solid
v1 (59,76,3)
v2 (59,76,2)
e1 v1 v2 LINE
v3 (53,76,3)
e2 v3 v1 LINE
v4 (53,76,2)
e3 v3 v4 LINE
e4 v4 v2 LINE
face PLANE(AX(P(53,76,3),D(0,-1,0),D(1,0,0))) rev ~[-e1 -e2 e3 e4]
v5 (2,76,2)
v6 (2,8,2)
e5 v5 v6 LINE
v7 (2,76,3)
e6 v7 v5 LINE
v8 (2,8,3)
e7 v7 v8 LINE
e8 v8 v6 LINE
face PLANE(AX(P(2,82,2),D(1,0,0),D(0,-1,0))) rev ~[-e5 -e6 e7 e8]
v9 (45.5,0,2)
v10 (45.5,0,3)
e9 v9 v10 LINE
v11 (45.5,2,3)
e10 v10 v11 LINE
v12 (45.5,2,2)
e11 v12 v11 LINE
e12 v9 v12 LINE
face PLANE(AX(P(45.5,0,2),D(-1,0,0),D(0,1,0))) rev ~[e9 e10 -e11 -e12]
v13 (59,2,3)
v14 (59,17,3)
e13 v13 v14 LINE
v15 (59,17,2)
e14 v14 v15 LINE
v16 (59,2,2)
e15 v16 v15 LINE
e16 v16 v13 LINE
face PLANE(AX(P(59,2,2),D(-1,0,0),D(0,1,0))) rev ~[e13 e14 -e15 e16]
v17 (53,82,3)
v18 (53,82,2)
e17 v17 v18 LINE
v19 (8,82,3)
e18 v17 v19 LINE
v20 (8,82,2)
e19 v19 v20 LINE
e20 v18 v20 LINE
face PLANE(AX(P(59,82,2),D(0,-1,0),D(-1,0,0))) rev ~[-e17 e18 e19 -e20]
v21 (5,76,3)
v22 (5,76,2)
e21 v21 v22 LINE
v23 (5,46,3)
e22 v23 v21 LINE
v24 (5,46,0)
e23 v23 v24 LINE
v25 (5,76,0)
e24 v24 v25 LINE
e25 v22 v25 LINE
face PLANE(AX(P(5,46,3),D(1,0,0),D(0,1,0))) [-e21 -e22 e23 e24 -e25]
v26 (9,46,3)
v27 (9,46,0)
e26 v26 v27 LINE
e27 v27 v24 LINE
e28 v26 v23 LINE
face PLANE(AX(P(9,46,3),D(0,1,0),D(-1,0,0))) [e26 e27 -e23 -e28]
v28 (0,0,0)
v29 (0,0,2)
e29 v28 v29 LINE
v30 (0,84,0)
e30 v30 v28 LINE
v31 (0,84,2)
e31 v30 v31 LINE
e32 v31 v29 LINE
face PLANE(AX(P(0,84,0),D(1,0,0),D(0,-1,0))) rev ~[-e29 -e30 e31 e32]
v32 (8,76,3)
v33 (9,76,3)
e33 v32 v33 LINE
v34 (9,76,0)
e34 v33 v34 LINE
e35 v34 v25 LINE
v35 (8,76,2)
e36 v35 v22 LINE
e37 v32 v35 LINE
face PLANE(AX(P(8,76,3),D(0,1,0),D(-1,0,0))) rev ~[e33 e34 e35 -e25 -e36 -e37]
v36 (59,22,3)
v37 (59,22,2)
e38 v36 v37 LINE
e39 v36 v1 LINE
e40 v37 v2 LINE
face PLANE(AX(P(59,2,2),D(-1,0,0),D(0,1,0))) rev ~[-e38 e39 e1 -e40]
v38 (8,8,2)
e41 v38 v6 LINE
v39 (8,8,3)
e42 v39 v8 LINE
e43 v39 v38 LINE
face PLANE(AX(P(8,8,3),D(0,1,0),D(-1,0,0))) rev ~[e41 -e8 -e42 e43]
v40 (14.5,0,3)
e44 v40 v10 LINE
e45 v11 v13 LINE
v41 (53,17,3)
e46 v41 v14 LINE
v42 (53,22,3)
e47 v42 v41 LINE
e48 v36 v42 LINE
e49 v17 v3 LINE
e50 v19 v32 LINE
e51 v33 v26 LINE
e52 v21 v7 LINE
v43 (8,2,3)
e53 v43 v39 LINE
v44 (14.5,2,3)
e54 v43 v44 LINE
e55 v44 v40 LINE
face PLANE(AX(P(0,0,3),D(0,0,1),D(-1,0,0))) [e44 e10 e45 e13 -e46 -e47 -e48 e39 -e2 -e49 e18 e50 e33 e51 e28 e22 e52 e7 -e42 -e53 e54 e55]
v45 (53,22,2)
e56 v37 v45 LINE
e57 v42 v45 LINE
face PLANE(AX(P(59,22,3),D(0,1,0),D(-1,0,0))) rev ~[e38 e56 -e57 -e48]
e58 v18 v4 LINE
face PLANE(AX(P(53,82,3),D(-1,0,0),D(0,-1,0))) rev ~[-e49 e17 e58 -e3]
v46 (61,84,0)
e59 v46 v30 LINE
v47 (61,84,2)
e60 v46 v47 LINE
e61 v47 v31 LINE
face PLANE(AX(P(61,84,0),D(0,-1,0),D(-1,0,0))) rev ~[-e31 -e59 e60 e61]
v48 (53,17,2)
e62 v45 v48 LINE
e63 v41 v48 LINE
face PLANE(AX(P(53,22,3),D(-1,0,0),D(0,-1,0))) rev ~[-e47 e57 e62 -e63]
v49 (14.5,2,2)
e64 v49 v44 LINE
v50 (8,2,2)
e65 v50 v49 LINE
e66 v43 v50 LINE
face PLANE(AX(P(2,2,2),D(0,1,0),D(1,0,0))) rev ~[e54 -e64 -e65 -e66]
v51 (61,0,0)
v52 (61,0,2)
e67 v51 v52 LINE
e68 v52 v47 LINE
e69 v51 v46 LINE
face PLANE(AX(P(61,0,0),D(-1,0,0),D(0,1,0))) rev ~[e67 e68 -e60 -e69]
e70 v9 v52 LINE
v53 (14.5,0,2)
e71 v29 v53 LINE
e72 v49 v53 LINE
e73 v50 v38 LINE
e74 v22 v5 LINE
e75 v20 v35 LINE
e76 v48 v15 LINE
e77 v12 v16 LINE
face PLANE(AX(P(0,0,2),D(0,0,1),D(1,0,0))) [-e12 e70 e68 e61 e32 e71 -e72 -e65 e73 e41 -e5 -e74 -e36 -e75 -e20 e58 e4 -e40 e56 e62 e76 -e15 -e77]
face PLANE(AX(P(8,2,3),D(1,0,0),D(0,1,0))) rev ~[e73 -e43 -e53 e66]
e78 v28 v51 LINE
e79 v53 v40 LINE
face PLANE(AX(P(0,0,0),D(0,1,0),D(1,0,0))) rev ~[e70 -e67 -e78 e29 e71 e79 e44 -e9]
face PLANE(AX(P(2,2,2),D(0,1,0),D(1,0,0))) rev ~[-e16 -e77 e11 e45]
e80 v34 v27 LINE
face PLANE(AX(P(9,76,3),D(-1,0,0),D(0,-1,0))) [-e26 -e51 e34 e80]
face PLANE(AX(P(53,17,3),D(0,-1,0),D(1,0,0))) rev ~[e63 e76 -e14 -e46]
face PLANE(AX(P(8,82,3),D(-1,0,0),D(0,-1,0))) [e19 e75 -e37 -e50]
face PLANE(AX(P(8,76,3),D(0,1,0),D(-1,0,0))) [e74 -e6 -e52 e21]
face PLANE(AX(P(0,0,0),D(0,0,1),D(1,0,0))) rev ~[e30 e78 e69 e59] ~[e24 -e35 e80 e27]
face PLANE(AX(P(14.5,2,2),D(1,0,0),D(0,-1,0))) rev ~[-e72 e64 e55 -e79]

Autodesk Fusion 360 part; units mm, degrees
sketch "Sketch1" plane through (0, 0, 0) normal (0, 0, 1) x (1, 0, 0)
  line L0 (0, 0) -> (61, 0)
  line L1 (61, 0) -> (61, 84)
  line L2 (61, 84) -> (0, 84)
  line L3 (0, 84) -> (0, 0)
  dimension "d1" = 61
  dimension "d2" = 84
extrude "Extrude1" add sketch "Sketch1" along normal blind 2
sketch "Sketch2" plane through (0, 0, 2) normal (0, 0, 1) x (-1, 0, 0)
  line L0 (0, -84) -> (0, 0)
  line L1 (0, 0) -> (-61, 0)
  line L2 (-61, 0) -> (-61, -84)
  line L3 (-61, -84) -> (0, -84)
  line L4 (-2, -2) -> (-59, -2)
  line L5 (-59, -2) -> (-59, -82)
  line L6 (-59, -82) -> (-2, -82)
  line L7 (-2, -82) -> (-2, -2)
  dimension "d5" = 57
  dimension "d6" = 80
extrude "Extrude2" add sketch "Sketch2" along normal blind 1 contours L4 L5 L6 L7
sketch "Sketch3" plane through (0, 0, 3) normal (0, 0, 1) x (-1, 0, 0)
  line L0 (-2, -82) -> (-2, -2)
  line L1 (-2, -2) -> (-59, -2)
  line L2 (-59, -2) -> (-59, -82)
  line L3 (-59, -82) -> (-2, -82)
  line L4 (-59, -82) -> (-53, -82)
  line L5 (-53, -82) -> (-53, -76)
  line L6 (-53, -76) -> (-59, -76)
  line L7 (-59, -76) -> (-59, -82)
extrude "Extrude3" cut sketch "Sketch3" against normal blind 1 contours L2 L3 L4 L5 L6 L7
sketch "Sketch4" plane through (0, 0, 3) normal (0, 0, 1) x (-1, 0, 0)
  line L0 (-53, -76) -> (-53, -82)
  line L1 (-53, -82) -> (-2, -82)
  line L2 (-2, -82) -> (-2, -2)
  line L3 (-2, -2) -> (-59, -2)
  line L4 (-59, -2) -> (-59, -76)
  line L5 (-59, -76) -> (-53, -76)
  line L6 (-2, -82) -> (-8, -82)
  line L7 (-8, -82) -> (-8, -76)
  line L8 (-8, -76) -> (-2, -76)
  line L9 (-2, -76) -> (-2, -82)
extrude "Extrude4" cut sketch "Sketch4" against normal blind 1 contours L1 L2 L6 L7 L8 L9
sketch "Sketch5" plane through (0, 0, 3) normal (0, 0, 1) x (-1, 0, 0)
  line L0 (-8, -76) -> (-2, -76)
  line L1 (-2, -76) -> (-2, -2)
  line L2 (-2, -2) -> (-59, -2)
  line L3 (-59, -2) -> (-59, -76)
  line L4 (-59, -76) -> (-53, -76)
  line L5 (-53, -76) -> (-53, -82)
  line L6 (-53, -82) -> (-8, -82)
  line L7 (-8, -82) -> (-8, -76)
  line L8 (-2, -2) -> (-8, -2)
  line L9 (-8, -2) -> (-8, -8)
  line L10 (-8, -8) -> (-2, -8)
  line L11 (-2, -8) -> (-2, -2)
extrude "Extrude5" cut sketch "Sketch5" against normal blind 1 contours L1 L2 L8 L9 L10 L11
sketch "Sketch6" plane through (0, 0, 2) normal (0, 0, 1) x (-1, 0, 0)
  line L0 (-8, -82) -> (-53, -82)
  line L1 (-53, -82) -> (-53, -76)
  line L2 (-53, -76) -> (-59, -76)
  line L3 (-59, -76) -> (-59, -2)
  line L4 (-59, -2) -> (-8, -2)
  line L5 (-8, -2) -> (-8, -8)
  line L6 (-8, -8) -> (-2, -8)
  line L7 (-2, -8) -> (-2, -76)
  line L8 (-2, -76) -> (-8, -76)
  line L9 (-8, -76) -> (-8, -82)
  line L10 (0, -84) -> (0, 0)
  line L11 (0, 0) -> (-61, 0)
  line L12 (-61, 0) -> (-61, -84)
  line L13 (-61, -84) -> (0, -84)
  line L14 (-14.5, 0) -> (-45.5, 0)
  line L15 (-45.5, 0) -> (-45.5, -2)
  line L16 (-45.5, -2) -> (-14.5, -2)
  line L17 (-14.5, -2) -> (-14.5, 0)
  dimension "d15" = 31
  dimension "d16" = 2
extrude "Extrude6" add sketch "Sketch6" along normal blind 1 contours L4 L11 L14 L15 L16 L17
sketch "Sketch7" plane through (0, 0, 3) normal (0, 0, 1) x (-1, 0, 0)
  line L0 (-8, -8) -> (-8, -2)
  line L1 (-8, -2) -> (-14.5, -2)
  line L2 (-14.5, -2) -> (-14.5, 0)
  line L3 (-14.5, 0) -> (-45.5, 0)
  line L4 (-45.5, 0) -> (-45.5, -2)
  line L5 (-45.5, -2) -> (-59, -2)
  line L6 (-59, -2) -> (-59, -76)
  line L7 (-59, -76) -> (-53, -76)
  line L8 (-53, -76) -> (-53, -82)
  line L9 (-53, -82) -> (-8, -82)
  line L10 (-8, -82) -> (-8, -76)
  line L11 (-8, -76) -> (-2, -76)
  line L12 (-2, -76) -> (-2, -8)
  line L13 (-2, -8) -> (-8, -8)
  line L14 (-53, -17) -> (-59, -17)
  line L15 (-59, -17) -> (-59, -22)
  line L16 (-59, -22) -> (-53, -22)
  line L17 (-53, -22) -> (-53, -17)
  dimension "d19" = 5
extrude "Extrude7" cut sketch "Sketch7" against normal blind 1 contours L6 L14 L15 L16 L17
sketch "Sketch8" plane through (0, 0, 3) normal (0, 0, 1) x (-1, 0, 0)
  line L0 (-53, -22) -> (-59, -22)
  line L1 (-59, -22) -> (-59, -76)
  line L2 (-59, -76) -> (-53, -76)
  line L3 (-53, -76) -> (-53, -82)
  line L4 (-53, -82) -> (-8, -82)
  line L5 (-8, -82) -> (-8, -76)
  line L6 (-8, -76) -> (-2, -76)
  line L7 (-2, -76) -> (-2, -8)
  line L8 (-2, -8) -> (-8, -8)
  line L9 (-8, -8) -> (-8, -2)
  line L10 (-8, -2) -> (-14.5, -2)
  line L11 (-14.5, -2) -> (-14.5, 0)
  line L12 (-14.5, 0) -> (-45.5, 0)
  line L13 (-45.5, 0) -> (-45.5, -2)
  line L14 (-45.5, -2) -> (-59, -2)
  line L15 (-59, -2) -> (-59, -17)
  line L16 (-59, -17) -> (-53, -17)
  line L17 (-53, -17) -> (-53, -22)
  line L18 (-5, -76) -> (-9, -76)
  line L19 (-9, -76) -> (-9, -46)
  line L20 (-9, -46) -> (-5, -46)
  line L21 (-5, -46) -> (-5, -76)
  dimension "d22" = 4
  dimension "d23" = 30
extrude "Extrude8" cut sketch "Sketch8" against normal blind 4 contours L6 L18 L19 L20 L21
